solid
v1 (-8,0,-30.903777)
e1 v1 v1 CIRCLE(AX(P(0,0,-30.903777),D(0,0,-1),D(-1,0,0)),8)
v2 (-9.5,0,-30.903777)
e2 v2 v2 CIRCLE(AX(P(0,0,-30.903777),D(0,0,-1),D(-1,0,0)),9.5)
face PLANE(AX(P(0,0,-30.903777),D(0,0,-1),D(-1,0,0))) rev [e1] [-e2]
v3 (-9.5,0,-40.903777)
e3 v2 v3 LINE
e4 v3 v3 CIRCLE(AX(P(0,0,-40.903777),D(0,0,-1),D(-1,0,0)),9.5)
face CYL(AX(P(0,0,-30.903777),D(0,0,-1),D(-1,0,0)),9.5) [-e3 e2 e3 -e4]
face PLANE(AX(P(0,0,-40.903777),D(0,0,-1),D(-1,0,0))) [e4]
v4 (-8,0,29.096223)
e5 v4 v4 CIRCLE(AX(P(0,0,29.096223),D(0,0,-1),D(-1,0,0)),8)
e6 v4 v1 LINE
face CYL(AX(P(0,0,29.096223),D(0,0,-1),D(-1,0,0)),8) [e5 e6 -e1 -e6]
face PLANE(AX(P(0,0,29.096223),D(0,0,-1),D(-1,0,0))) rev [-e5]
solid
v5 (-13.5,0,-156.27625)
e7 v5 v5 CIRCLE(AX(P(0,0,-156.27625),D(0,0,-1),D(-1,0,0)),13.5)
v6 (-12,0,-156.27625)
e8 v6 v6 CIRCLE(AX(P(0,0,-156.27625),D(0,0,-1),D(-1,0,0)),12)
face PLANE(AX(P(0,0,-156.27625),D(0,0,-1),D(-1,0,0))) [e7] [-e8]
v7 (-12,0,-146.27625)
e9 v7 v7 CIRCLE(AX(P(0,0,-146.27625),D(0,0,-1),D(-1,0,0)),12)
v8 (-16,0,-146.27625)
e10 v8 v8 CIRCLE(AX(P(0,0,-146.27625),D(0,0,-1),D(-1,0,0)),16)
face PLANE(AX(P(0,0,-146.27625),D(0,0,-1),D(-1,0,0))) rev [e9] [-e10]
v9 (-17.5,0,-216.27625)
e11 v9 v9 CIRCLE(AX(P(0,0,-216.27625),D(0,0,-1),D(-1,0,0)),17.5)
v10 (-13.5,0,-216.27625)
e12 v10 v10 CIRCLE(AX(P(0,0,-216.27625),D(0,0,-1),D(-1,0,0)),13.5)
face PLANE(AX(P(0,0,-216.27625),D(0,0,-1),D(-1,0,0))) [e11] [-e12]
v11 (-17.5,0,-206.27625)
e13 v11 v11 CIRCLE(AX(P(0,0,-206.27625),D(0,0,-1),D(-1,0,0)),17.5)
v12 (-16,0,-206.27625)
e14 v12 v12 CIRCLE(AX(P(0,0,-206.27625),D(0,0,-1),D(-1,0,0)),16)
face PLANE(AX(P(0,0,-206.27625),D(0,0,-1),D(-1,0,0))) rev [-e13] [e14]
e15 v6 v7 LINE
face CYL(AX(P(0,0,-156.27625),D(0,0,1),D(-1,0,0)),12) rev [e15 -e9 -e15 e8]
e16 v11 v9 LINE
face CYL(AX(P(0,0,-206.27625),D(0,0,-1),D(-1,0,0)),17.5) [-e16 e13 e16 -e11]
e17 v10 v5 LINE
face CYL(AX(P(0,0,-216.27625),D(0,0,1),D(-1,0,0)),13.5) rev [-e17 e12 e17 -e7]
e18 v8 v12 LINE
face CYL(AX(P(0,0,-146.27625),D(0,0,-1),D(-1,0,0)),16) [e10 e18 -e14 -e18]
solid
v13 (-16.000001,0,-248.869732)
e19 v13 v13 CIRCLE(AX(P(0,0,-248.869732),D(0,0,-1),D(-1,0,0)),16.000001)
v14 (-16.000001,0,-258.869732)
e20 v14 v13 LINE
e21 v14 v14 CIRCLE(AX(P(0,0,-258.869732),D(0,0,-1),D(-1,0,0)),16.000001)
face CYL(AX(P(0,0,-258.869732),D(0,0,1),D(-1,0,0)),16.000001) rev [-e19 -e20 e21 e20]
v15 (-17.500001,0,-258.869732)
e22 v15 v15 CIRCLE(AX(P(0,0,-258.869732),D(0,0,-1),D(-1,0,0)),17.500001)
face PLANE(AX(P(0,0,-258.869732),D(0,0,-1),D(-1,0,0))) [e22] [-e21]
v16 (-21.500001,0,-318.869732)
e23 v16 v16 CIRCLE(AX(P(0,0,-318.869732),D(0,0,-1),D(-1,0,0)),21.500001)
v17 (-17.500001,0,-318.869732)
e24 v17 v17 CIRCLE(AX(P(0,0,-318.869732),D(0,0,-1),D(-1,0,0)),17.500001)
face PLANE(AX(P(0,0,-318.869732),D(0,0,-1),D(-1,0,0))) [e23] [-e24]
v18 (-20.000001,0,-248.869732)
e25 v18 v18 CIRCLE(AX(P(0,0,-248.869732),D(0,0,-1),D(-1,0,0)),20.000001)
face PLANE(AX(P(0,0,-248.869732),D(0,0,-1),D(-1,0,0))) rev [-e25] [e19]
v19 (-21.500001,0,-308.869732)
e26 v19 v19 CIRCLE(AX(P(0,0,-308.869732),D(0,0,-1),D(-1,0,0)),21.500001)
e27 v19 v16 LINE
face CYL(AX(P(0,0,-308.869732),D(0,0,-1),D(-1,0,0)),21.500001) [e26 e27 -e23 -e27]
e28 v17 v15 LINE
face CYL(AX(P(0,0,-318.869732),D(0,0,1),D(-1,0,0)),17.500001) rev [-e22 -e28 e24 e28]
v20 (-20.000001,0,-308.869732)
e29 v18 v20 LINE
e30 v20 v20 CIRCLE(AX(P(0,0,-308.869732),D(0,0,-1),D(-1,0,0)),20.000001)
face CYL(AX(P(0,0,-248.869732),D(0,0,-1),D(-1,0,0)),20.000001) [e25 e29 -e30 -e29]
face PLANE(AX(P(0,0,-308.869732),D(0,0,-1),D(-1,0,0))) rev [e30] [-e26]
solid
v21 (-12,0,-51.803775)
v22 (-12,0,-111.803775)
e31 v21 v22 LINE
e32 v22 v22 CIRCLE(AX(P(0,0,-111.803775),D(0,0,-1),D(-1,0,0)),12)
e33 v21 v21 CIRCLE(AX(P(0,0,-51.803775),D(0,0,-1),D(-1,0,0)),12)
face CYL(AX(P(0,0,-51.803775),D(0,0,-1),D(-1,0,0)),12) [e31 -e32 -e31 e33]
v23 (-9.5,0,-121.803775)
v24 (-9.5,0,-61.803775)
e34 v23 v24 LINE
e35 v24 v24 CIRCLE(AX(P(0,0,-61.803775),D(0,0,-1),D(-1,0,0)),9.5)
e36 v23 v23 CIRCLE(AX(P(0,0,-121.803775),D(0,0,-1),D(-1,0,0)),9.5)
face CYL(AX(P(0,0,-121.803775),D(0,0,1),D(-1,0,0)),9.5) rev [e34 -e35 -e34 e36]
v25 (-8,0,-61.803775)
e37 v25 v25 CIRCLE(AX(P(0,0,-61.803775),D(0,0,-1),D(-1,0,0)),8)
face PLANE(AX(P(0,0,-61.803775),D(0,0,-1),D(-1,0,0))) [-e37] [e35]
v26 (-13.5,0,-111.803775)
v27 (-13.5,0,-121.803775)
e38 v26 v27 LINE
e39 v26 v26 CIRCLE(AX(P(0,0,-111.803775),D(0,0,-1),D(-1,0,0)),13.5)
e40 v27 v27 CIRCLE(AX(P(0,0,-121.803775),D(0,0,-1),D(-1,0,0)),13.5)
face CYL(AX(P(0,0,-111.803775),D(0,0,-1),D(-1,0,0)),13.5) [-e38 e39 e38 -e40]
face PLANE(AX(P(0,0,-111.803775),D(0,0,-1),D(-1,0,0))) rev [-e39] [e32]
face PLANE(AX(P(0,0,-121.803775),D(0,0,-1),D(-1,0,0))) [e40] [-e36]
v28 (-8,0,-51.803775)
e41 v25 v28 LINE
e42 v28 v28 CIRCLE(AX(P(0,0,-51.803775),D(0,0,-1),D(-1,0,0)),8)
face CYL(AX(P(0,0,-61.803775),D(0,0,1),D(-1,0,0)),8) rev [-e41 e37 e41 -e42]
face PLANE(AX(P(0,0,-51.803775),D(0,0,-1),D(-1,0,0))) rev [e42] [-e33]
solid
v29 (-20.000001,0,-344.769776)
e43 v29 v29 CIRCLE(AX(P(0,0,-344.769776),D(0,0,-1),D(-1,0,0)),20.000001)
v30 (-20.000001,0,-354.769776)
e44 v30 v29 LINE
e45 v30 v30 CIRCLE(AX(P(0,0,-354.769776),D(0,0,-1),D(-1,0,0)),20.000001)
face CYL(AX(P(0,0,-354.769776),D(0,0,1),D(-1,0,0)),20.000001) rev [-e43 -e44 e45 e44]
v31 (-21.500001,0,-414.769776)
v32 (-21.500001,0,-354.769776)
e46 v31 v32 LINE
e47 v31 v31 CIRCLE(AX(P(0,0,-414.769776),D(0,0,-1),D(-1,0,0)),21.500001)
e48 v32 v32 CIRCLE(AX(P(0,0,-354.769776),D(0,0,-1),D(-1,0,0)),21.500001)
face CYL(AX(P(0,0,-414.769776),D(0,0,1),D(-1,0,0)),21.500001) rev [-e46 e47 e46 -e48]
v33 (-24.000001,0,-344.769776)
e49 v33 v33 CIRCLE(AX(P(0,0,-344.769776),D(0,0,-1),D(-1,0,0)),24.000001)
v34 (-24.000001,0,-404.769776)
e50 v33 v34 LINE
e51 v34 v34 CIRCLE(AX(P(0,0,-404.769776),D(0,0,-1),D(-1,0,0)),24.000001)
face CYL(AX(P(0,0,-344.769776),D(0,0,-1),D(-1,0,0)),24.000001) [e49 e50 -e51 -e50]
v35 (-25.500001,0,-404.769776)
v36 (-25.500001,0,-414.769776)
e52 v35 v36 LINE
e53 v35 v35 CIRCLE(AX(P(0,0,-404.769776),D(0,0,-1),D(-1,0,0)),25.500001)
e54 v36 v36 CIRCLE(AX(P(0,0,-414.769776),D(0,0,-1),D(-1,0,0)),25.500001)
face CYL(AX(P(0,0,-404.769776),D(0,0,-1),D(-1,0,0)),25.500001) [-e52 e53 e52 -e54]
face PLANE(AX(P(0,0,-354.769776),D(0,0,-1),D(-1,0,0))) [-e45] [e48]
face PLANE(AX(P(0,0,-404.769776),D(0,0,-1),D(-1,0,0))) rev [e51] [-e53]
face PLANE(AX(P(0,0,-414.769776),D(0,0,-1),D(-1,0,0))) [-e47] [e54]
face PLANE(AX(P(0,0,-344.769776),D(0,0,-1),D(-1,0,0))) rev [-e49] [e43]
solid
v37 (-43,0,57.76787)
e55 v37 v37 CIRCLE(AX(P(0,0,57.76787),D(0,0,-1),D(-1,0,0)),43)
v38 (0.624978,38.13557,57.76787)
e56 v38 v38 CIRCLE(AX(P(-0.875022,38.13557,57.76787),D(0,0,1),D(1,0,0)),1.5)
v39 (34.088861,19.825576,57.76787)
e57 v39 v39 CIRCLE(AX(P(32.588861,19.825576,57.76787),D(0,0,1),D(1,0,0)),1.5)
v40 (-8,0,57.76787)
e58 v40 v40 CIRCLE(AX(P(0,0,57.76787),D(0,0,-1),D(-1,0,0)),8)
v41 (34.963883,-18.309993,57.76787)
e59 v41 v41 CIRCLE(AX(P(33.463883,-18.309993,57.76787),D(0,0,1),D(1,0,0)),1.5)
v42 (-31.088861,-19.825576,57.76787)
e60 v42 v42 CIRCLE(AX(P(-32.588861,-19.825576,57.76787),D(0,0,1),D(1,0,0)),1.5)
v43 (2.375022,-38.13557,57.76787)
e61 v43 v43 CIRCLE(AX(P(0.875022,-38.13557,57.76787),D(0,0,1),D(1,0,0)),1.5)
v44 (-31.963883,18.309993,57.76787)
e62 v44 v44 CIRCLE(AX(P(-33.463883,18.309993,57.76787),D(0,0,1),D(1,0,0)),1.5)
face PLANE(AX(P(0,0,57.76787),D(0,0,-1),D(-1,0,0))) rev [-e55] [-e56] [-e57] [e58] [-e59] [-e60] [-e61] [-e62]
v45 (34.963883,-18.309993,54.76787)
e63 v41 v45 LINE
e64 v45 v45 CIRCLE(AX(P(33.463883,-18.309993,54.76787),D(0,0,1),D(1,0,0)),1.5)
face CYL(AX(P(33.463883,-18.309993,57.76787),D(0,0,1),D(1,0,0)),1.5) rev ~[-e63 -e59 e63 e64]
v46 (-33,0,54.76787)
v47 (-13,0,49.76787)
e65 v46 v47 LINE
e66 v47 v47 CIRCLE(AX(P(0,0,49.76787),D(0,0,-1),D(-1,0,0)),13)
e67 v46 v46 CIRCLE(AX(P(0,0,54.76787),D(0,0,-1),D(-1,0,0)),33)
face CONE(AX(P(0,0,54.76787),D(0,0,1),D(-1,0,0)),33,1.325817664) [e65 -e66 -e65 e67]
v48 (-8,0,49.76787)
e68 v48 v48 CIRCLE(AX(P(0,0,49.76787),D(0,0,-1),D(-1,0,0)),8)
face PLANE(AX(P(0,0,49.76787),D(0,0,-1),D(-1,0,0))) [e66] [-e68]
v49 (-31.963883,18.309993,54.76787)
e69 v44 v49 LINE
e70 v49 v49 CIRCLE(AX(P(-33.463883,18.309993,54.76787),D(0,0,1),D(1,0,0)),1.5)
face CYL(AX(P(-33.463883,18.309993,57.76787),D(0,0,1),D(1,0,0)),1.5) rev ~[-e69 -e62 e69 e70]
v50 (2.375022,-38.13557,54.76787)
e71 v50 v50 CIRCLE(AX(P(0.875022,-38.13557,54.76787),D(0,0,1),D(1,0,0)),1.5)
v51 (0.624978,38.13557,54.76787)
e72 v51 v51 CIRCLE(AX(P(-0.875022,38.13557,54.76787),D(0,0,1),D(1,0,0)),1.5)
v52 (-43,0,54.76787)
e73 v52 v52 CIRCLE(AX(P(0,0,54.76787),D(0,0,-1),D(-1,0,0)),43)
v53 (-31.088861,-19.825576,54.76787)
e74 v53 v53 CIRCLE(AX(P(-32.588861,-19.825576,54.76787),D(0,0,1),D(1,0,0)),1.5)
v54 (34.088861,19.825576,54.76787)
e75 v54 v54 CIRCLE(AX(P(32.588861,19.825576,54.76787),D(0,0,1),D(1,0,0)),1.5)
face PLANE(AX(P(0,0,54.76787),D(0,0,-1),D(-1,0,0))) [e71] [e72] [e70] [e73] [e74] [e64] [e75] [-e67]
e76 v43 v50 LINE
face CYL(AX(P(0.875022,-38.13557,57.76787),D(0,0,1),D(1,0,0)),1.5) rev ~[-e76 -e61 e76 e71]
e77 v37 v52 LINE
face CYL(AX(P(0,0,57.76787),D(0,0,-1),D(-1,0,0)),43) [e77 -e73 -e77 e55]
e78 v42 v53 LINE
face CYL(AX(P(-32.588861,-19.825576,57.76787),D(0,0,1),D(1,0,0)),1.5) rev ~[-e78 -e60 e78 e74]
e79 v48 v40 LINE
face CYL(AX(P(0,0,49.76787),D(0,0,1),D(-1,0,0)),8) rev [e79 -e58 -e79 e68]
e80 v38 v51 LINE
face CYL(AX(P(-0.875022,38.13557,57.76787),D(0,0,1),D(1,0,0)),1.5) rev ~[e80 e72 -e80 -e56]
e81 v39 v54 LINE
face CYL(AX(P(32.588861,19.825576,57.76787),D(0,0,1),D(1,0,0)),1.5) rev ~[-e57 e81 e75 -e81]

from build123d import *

# Parameters (mm, degrees)
F2_R     = 1.5
F3_DEPTH = 25


with BuildPart() as f1:
    # F0 (on Front) → F1 (revolve)
    with BuildSketch(Plane.XZ):
        Polygon((0, -40.903777), (0, 29.096223), (-8, 29.096223), (-8, 19.096223), (-8, -30.903777), (-9.5, -30.903777), (-9.5, -40.903777), align=None)
        Polygon((-8, -61.803775), (-8, -51.803775), (-12, -51.803775), (-12, -111.803775), (-13.5, -111.803775), (-13.5, -121.803775), (-9.5, -121.803775), (-9.5, -61.803775), align=None)
        Polygon((-12, -156.27625), (-12, -146.27625), (-16, -146.27625), (-16, -206.27625), (-17.5, -206.27625), (-17.5, -216.27625), (-13.5, -216.27625), (-13.5, -156.27625), align=None)
        Polygon((-16.000001, -258.869732), (-16.000001, -248.869732), (-20.000001, -248.869732), (-20.000001, -308.869732), (-21.500001, -308.869732), (-21.500001, -318.869732), (-17.500001, -318.869732), (-17.500001, -258.869732), align=None)
        Polygon((-20.000001, -354.769776), (-20.000001, -344.769776), (-24.000001, -344.769776), (-24.000001, -404.769776), (-25.500001, -404.769776), (-25.500001, -414.769776), (-21.500001, -414.769776), (-21.500001, -354.769776), align=None)
        Polygon((-13, 49.76787), (-8, 49.76787), (-8, 57.76787), (-43, 57.76787), (-43, 54.76787), (-33, 54.76787), align=None)
    revolve(axis=Axis((0, 0, -170.223109), (0, 0, -1)))

    # F2 (on face) → F3 (cut)
    with BuildSketch(Plane.XY.offset(57.76787)):
        with Locations((-33.463883, 18.309993)):
            Circle(F2_R)
        with Locations((-32.588861, -19.825576)):
            Circle(F2_R)
        with Locations((0.875022, -38.13557)):
            Circle(F2_R)
        with Locations((33.463883, -18.309993)):
            Circle(F2_R)
        with Locations((32.588861, 19.825576)):
            Circle(F2_R)
        with Locations((-0.875022, 38.13557)):
            Circle(F2_R)
    extrude(amount=-F3_DEPTH, mode=Mode.SUBTRACT)


solid = f1.part
